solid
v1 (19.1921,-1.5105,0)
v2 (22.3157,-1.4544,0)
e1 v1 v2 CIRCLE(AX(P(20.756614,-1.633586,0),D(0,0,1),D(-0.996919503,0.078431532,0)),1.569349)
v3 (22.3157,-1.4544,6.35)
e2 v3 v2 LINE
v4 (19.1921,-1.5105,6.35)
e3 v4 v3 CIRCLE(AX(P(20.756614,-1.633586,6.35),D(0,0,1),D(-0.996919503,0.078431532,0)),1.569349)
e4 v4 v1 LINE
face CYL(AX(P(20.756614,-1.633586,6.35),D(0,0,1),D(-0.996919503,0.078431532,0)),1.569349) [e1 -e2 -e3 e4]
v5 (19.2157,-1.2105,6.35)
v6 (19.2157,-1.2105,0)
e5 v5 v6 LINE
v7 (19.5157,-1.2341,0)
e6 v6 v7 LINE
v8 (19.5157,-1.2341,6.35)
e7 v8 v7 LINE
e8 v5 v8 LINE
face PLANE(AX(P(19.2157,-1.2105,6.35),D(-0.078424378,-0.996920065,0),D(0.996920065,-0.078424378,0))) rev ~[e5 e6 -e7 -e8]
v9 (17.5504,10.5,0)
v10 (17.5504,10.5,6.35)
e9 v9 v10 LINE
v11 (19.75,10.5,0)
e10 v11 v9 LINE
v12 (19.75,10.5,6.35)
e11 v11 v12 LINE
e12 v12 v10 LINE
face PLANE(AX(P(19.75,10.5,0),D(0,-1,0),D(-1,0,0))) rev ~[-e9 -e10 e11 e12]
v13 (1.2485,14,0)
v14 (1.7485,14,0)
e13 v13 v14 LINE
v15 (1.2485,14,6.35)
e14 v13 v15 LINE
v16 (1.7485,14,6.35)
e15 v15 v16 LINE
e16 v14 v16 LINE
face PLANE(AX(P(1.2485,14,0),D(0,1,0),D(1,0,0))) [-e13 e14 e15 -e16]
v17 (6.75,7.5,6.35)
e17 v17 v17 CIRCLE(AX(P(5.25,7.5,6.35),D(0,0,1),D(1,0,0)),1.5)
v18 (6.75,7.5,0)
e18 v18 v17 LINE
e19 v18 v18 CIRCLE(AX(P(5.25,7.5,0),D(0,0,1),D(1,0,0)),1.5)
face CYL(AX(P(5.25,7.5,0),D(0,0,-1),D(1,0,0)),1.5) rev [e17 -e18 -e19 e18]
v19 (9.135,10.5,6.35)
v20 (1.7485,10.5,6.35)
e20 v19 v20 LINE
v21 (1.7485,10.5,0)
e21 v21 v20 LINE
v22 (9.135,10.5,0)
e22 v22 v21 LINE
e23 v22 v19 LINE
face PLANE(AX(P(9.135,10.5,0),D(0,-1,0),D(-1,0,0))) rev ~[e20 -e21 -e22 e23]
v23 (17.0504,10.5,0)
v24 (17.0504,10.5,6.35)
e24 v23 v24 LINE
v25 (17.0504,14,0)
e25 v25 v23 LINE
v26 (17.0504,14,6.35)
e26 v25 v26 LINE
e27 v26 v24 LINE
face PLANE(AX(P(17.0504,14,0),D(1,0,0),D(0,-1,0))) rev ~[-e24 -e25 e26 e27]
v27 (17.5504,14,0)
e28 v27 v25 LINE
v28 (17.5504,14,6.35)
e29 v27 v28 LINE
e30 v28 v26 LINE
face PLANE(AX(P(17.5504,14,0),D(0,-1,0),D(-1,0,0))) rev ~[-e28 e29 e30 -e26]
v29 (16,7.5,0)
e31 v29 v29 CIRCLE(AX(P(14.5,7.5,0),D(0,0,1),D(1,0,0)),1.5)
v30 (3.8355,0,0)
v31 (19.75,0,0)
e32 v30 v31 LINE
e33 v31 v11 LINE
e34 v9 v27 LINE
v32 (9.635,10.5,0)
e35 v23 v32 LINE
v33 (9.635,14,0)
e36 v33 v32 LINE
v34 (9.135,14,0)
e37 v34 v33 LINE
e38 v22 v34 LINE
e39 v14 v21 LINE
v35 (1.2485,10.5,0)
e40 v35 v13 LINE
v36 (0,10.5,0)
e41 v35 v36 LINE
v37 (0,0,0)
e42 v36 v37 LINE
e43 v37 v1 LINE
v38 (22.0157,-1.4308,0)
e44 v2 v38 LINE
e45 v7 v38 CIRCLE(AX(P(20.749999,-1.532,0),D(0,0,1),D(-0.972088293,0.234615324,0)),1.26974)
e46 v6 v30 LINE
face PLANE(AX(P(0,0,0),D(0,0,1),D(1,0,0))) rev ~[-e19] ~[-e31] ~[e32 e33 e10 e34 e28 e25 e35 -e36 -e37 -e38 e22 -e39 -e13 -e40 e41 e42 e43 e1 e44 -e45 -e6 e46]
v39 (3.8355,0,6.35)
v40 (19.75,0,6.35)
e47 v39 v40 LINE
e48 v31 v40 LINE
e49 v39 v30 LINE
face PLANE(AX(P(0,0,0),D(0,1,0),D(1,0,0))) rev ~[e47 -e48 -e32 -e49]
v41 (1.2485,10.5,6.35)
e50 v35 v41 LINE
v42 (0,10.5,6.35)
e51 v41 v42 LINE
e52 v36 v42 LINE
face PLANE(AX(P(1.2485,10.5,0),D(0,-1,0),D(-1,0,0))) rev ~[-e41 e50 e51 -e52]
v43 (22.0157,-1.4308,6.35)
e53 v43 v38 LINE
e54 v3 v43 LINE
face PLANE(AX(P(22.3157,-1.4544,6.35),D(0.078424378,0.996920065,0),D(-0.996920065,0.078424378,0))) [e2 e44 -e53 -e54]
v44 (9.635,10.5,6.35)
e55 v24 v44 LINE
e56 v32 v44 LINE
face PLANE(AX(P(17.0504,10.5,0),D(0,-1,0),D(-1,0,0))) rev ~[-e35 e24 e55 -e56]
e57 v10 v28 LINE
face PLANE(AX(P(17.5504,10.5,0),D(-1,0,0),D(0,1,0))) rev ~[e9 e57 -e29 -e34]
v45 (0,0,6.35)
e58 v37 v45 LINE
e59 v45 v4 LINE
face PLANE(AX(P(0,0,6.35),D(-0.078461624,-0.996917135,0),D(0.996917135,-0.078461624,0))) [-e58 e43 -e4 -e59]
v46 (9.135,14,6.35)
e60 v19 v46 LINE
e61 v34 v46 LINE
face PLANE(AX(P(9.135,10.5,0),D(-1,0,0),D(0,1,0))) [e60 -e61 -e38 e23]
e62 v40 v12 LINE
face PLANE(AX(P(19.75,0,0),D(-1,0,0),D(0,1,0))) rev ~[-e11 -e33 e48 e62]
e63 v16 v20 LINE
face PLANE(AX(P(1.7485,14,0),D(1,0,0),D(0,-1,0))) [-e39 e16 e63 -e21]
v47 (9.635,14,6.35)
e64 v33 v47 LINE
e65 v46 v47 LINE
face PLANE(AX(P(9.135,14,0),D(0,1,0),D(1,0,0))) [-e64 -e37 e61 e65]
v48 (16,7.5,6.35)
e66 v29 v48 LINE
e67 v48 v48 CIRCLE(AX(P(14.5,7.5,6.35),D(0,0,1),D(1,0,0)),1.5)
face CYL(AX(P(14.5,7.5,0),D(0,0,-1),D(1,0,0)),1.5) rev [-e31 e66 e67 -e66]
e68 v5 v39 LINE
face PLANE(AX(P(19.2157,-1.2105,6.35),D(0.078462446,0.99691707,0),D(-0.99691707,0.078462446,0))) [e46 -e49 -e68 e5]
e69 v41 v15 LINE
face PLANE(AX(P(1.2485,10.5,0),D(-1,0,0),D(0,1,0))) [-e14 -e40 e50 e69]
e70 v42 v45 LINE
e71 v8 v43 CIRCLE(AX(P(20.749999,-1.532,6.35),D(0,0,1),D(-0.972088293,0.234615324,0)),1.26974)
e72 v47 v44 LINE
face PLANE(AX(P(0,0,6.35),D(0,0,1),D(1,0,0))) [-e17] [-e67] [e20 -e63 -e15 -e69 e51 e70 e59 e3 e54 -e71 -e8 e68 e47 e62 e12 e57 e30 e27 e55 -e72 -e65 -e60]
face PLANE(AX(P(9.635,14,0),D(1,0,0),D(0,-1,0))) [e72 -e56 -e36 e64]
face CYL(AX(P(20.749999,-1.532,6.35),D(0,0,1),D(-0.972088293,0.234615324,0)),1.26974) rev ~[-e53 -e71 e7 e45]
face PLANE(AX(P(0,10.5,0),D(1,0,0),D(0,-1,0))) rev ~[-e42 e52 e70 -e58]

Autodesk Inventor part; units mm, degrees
ref_plane "YZ Plane" through (0, 0, 0) normal (1, 0, 0) x (0, 1, 0)
ref_plane "XZ Plane" through (0, 0, 0) normal (0, 1, 0) x (-1, 0, 0)
ref_plane "XY Plane" through (0, 0, 0) normal (0, 0, 1) x (1, 0, 0)
sketch "Sketch1" plane through (0, 0, 0) normal (0, 0, 1) x (1, 0, 0)
  line L0 (0, 0) -> (19.75, 0)
  line L1 (19.75, 0) -> (19.75, 10.5)
  line L2 (0, 10.5) -> (0, 0)
  line L3 (1.2485, 10.5) -> (1.2485, 14)
  line L4 (1.2485, 14) -> (1.7485, 14)
  line L5 (1.7485, 14) -> (1.7485, 10.5)
  line L6 (9.135, 10.5) -> (9.135, 14)
  line L7 (9.135, 14) -> (9.635, 14)
  line L8 (9.635, 14) -> (9.635, 10.5)
  line L9 (17.5504, 10.5) -> (17.5504, 14)
  line L10 (17.5504, 14) -> (17.0504, 14)
  line L11 (17.0504, 14) -> (17.0504, 10.5)
  line L12 (19.75, 10.5) -> (17.5504, 10.5)
  line L13 (17.0504, 10.5) -> (9.635, 10.5)
  line L14 (9.135, 10.5) -> (1.7485, 10.5)
  line L15 (1.2485, 10.5) -> (0, 10.5)
  line L16 (5.25, 7.5) -> (14.5, 7.5) construction
  circle A0 centre (5.25, 7.5) radius 1.5
  circle A1 centre (14.5, 7.5) radius 1.5
  dimension "d0" = 19.75
  dimension "d1" = 10.5
  dimension "d2" = 14
  dimension "d3" = 0.5
  dimension "d6" = 3
  dimension "d7" = 3
  dimension "d8" = 5.25
  dimension "d9" = 5.25
  dimension "d17" = 9.25
extrude "Extrusion1" add sketch "Sketch1" along normal blind 6.35
sketch "Sketch2" plane through (0, 0, 6.35) normal (0, 0, 1) x (1, 0, 0)
  line L0 (0, 0) -> (19.1921, -1.5105)
  line L1 (19.1921, -1.5105) -> (19.2157, -1.2105) construction
  line L2 (19.2157, -1.2105) -> (3.8355, 0)
  line L3 (0, 0) -> (19.75, 0) projected
  line L4 (0, 0) -> (3.8355, 0)
  arc A0 (19.1921, -1.5105) -> (22.3157, -1.4544) centre (20.7566, -1.6336) ccw
  line L5 (19.2157, -1.2105) -> (19.5157, -1.2341)
  line L6 (22.3157, -1.4544) -> (22.0157, -1.4308)
  arc A1 (19.5157, -1.2341) -> (22.0157, -1.4308) centre (20.75, -1.532) ccw
  line L7 (17.1531, -3.25) -> (26.6817, -3.25) construction
  line L8 (17.0504, 10.5) -> (9.635, 10.5) projected
  line L9 (19.75, 0) -> (19.75, 10.5) projected
  dimension "d10" = 0.3
  dimension "d11" = 13.75
  dimension "d12" = 4.5
  dimension "d13" = 2.5
  dimension "d14" = 1
extrude "Extrusion2" add sketch "Sketch2" against normal up to surface (6.35 mm away)
properties part number "Micro Endstop Triggered"
